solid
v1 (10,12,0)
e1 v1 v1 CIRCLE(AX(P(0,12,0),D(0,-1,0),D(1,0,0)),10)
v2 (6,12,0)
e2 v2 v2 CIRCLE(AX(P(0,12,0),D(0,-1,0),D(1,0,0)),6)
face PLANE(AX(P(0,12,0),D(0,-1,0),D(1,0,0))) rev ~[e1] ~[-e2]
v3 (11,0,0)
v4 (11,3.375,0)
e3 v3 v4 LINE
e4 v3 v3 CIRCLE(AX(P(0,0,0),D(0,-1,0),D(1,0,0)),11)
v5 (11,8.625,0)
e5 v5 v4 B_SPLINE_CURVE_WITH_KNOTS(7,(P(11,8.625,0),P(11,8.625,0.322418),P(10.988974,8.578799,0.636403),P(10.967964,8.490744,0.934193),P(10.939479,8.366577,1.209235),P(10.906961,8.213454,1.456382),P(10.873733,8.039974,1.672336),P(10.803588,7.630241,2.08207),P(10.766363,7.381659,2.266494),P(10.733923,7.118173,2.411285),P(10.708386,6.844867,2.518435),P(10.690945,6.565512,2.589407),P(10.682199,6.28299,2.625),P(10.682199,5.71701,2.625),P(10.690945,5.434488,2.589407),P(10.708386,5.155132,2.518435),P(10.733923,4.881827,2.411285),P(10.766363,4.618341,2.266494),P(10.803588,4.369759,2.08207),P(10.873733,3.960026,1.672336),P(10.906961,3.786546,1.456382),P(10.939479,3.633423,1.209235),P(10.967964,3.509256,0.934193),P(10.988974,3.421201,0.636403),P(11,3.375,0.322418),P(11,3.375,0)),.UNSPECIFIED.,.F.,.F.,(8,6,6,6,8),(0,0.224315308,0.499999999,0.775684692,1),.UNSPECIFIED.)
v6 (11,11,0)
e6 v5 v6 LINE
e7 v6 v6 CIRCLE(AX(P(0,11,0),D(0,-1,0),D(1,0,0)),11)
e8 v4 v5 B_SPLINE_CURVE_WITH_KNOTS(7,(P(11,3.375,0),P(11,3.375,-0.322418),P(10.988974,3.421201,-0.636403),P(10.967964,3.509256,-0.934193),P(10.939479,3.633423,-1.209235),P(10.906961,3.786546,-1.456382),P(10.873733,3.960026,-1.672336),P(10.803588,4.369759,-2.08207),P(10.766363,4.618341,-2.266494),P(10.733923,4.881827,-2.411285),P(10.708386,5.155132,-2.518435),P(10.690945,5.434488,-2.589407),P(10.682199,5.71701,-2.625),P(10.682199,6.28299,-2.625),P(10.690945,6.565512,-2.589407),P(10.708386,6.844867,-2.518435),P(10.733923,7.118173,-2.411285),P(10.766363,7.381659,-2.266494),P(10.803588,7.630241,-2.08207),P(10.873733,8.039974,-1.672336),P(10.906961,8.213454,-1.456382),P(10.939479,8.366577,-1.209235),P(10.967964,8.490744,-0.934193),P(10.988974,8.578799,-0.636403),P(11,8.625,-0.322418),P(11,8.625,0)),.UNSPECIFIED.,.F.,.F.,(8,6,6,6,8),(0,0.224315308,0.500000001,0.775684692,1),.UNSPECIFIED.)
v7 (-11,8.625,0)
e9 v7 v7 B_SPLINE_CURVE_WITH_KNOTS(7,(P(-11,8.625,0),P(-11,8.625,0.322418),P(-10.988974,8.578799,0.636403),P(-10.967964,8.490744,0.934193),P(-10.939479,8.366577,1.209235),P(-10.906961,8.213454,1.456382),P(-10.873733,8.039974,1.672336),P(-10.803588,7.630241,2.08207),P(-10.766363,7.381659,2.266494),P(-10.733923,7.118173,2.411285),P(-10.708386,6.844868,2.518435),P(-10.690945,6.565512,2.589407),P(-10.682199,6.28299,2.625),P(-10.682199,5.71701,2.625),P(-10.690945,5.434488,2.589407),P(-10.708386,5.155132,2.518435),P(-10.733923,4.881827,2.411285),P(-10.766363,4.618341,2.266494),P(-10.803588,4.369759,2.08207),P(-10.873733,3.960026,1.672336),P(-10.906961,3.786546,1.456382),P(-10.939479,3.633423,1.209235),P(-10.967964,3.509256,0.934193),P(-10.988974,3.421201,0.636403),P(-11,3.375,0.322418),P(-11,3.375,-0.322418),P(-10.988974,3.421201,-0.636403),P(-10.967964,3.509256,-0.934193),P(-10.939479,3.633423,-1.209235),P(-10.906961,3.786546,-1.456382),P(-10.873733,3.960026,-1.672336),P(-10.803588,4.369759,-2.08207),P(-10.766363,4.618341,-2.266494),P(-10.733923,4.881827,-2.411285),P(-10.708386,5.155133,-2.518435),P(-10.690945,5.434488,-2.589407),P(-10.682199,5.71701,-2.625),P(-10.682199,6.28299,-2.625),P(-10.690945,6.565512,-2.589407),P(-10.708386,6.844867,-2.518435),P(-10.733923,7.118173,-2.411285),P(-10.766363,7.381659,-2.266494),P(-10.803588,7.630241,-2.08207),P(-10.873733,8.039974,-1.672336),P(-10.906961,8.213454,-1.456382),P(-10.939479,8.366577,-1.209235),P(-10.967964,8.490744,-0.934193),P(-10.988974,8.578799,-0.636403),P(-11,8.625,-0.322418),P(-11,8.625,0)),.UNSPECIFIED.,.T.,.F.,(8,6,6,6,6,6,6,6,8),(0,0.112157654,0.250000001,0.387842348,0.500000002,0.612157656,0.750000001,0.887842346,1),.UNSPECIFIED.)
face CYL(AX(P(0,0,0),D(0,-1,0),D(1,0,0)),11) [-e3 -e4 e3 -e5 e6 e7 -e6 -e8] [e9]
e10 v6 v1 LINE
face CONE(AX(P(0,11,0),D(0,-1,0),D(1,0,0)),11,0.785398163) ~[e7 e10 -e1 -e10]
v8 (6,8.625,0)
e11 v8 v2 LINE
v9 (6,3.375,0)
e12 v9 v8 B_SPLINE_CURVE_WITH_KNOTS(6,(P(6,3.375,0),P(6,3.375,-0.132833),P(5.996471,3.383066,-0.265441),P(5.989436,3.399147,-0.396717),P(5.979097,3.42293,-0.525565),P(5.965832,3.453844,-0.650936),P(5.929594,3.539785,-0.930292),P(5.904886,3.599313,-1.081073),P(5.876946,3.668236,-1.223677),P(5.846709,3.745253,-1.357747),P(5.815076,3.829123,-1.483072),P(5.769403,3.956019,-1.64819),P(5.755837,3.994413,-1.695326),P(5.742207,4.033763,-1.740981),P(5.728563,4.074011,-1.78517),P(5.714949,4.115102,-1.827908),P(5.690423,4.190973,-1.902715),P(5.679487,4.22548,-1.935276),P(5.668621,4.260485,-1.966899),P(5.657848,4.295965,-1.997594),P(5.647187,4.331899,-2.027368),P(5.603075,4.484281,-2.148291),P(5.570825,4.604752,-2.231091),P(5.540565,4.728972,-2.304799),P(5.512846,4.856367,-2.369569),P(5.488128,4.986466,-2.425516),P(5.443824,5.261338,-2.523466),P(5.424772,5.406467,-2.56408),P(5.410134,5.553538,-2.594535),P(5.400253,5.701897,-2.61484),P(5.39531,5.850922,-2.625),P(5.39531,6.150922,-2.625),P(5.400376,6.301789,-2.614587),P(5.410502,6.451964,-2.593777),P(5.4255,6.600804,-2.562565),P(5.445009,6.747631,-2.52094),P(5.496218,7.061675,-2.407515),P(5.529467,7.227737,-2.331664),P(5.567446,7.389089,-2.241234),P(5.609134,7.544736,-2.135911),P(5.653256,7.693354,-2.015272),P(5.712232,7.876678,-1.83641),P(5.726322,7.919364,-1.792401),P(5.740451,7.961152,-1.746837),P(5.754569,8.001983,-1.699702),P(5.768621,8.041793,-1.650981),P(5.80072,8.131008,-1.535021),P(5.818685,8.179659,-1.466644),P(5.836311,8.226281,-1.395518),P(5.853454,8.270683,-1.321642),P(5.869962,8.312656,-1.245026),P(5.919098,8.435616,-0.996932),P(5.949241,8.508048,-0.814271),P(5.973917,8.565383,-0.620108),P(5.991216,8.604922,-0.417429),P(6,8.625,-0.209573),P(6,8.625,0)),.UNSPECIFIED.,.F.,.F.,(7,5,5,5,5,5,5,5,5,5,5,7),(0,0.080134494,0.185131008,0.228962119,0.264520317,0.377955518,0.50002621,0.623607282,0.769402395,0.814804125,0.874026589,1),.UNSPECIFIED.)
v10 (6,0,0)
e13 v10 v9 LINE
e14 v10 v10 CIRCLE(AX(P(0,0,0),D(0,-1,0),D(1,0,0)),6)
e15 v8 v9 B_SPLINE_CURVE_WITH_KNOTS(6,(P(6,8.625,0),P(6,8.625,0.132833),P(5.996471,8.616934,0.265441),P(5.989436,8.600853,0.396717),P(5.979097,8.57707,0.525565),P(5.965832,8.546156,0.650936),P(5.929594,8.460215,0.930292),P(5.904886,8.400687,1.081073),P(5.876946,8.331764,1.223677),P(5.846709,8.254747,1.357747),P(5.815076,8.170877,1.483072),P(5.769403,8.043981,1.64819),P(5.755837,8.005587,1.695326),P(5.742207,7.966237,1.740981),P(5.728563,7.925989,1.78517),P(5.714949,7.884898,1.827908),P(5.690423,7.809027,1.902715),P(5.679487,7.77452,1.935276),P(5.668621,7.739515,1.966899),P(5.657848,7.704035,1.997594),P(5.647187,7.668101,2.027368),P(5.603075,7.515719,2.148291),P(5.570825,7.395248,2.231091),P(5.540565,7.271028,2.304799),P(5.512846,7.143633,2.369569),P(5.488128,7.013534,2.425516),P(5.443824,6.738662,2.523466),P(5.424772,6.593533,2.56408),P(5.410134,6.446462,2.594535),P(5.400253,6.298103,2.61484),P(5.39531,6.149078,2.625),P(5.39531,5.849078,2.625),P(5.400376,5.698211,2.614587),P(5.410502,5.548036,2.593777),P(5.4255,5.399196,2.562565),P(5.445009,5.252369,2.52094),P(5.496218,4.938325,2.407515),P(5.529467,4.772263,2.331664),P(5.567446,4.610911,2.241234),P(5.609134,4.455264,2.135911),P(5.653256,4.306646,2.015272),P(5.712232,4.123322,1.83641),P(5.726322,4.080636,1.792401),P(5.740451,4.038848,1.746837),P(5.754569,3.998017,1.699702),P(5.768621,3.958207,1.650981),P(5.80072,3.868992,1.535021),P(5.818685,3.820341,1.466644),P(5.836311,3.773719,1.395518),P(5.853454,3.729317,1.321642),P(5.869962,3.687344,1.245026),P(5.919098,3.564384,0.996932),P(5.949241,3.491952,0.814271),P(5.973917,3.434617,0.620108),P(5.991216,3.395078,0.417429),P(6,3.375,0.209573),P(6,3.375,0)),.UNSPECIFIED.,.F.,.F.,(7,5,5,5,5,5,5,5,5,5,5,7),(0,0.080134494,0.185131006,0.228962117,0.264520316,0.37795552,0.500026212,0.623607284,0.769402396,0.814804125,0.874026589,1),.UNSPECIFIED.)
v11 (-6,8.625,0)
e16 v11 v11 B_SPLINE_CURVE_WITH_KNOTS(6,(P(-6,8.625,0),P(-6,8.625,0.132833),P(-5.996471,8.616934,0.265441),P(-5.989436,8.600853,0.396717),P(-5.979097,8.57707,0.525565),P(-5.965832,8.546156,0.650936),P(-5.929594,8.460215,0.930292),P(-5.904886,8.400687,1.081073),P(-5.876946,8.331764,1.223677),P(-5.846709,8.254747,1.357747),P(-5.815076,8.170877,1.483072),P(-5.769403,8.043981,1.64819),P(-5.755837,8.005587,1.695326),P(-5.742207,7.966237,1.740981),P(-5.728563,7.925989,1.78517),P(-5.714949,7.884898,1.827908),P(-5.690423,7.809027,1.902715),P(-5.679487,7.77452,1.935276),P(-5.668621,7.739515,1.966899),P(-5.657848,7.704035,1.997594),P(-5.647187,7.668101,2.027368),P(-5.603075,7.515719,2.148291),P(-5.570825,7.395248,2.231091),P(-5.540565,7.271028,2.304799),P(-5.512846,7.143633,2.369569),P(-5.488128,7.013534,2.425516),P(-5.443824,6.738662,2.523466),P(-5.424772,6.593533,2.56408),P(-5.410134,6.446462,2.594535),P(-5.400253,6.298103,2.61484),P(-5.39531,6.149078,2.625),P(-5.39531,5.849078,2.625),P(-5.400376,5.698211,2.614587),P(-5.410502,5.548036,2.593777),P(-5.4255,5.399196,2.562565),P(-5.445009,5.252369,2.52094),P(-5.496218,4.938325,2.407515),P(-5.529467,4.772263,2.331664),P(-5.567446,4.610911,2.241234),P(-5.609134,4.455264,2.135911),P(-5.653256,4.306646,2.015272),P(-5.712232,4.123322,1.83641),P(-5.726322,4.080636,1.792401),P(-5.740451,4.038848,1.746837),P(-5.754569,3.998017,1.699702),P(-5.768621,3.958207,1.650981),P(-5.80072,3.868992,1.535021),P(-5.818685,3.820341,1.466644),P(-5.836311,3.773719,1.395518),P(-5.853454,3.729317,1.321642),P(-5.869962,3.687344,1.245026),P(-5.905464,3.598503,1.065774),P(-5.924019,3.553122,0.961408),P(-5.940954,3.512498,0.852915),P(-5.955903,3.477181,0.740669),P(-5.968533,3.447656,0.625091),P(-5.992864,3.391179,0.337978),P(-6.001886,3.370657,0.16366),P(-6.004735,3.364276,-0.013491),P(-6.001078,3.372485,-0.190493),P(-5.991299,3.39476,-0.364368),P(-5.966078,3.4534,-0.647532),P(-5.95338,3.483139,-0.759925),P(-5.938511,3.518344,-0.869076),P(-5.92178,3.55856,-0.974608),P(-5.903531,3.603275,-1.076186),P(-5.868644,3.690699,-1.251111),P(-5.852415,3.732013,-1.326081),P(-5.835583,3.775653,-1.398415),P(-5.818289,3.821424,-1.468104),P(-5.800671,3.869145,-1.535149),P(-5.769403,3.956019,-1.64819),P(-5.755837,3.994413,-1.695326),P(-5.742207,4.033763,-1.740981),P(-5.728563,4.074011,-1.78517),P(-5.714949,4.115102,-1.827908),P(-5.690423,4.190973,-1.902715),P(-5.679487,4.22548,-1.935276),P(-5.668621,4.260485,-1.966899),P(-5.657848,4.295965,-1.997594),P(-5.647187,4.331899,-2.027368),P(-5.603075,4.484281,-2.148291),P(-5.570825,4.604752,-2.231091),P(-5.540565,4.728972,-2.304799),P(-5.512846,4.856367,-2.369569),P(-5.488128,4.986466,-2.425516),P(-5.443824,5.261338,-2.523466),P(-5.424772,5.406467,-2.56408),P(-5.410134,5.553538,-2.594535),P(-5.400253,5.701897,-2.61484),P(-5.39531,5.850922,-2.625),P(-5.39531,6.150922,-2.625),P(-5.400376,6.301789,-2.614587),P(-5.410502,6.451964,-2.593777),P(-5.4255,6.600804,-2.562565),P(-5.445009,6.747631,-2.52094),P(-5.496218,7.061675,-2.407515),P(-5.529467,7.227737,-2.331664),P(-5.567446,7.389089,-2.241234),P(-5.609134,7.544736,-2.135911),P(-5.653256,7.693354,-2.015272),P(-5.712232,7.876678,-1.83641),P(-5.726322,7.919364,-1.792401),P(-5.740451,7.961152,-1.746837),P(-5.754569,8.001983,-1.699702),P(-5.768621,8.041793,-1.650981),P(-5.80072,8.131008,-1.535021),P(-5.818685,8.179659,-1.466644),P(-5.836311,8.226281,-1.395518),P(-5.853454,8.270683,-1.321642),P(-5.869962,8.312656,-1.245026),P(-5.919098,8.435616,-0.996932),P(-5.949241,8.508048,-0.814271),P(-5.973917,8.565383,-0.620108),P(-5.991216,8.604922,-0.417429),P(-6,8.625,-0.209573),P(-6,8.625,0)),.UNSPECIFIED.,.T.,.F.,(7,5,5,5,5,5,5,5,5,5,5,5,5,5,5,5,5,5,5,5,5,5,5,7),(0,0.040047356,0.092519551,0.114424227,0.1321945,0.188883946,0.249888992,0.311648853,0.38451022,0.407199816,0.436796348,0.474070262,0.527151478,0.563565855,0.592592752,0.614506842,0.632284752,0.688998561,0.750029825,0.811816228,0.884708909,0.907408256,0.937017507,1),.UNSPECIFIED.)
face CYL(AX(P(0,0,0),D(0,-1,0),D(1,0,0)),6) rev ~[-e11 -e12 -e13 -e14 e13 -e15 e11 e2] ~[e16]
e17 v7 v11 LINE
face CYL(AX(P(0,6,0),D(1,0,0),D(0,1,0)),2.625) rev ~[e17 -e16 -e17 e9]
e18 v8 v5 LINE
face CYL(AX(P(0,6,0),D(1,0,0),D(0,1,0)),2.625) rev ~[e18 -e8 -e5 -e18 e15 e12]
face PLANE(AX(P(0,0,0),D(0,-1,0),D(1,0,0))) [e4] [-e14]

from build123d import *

# Parameters (mm, degrees)
F0_R     = 11
F0_R_2   = 6
F1_DEPTH = 12
F2_SIZE  = 1
F3_R     = 2.625
F4_DEPTH = 12.5


with BuildPart() as f1:
    # F0 (on Front) → F1 (new body)
    with BuildSketch(Plane.XZ):
        Circle(F0_R)
        Circle(F0_R_2, mode=Mode.SUBTRACT)
    extrude(amount=-F1_DEPTH)

    # F2
    f2_edges = [f1.edges().sort_by_distance(p)[0] for p in [
        (-11, 12, 0),
    ]]
    chamfer(f2_edges, length=F2_SIZE)

    # F3 (on Right) → F4 (cut, symmetric)
    with BuildSketch(Plane.YZ):
        with Locations((6, 0)):
            Circle(F3_R)
    extrude(amount=F4_DEPTH, both=True, mode=Mode.SUBTRACT)


solid = f1.part
